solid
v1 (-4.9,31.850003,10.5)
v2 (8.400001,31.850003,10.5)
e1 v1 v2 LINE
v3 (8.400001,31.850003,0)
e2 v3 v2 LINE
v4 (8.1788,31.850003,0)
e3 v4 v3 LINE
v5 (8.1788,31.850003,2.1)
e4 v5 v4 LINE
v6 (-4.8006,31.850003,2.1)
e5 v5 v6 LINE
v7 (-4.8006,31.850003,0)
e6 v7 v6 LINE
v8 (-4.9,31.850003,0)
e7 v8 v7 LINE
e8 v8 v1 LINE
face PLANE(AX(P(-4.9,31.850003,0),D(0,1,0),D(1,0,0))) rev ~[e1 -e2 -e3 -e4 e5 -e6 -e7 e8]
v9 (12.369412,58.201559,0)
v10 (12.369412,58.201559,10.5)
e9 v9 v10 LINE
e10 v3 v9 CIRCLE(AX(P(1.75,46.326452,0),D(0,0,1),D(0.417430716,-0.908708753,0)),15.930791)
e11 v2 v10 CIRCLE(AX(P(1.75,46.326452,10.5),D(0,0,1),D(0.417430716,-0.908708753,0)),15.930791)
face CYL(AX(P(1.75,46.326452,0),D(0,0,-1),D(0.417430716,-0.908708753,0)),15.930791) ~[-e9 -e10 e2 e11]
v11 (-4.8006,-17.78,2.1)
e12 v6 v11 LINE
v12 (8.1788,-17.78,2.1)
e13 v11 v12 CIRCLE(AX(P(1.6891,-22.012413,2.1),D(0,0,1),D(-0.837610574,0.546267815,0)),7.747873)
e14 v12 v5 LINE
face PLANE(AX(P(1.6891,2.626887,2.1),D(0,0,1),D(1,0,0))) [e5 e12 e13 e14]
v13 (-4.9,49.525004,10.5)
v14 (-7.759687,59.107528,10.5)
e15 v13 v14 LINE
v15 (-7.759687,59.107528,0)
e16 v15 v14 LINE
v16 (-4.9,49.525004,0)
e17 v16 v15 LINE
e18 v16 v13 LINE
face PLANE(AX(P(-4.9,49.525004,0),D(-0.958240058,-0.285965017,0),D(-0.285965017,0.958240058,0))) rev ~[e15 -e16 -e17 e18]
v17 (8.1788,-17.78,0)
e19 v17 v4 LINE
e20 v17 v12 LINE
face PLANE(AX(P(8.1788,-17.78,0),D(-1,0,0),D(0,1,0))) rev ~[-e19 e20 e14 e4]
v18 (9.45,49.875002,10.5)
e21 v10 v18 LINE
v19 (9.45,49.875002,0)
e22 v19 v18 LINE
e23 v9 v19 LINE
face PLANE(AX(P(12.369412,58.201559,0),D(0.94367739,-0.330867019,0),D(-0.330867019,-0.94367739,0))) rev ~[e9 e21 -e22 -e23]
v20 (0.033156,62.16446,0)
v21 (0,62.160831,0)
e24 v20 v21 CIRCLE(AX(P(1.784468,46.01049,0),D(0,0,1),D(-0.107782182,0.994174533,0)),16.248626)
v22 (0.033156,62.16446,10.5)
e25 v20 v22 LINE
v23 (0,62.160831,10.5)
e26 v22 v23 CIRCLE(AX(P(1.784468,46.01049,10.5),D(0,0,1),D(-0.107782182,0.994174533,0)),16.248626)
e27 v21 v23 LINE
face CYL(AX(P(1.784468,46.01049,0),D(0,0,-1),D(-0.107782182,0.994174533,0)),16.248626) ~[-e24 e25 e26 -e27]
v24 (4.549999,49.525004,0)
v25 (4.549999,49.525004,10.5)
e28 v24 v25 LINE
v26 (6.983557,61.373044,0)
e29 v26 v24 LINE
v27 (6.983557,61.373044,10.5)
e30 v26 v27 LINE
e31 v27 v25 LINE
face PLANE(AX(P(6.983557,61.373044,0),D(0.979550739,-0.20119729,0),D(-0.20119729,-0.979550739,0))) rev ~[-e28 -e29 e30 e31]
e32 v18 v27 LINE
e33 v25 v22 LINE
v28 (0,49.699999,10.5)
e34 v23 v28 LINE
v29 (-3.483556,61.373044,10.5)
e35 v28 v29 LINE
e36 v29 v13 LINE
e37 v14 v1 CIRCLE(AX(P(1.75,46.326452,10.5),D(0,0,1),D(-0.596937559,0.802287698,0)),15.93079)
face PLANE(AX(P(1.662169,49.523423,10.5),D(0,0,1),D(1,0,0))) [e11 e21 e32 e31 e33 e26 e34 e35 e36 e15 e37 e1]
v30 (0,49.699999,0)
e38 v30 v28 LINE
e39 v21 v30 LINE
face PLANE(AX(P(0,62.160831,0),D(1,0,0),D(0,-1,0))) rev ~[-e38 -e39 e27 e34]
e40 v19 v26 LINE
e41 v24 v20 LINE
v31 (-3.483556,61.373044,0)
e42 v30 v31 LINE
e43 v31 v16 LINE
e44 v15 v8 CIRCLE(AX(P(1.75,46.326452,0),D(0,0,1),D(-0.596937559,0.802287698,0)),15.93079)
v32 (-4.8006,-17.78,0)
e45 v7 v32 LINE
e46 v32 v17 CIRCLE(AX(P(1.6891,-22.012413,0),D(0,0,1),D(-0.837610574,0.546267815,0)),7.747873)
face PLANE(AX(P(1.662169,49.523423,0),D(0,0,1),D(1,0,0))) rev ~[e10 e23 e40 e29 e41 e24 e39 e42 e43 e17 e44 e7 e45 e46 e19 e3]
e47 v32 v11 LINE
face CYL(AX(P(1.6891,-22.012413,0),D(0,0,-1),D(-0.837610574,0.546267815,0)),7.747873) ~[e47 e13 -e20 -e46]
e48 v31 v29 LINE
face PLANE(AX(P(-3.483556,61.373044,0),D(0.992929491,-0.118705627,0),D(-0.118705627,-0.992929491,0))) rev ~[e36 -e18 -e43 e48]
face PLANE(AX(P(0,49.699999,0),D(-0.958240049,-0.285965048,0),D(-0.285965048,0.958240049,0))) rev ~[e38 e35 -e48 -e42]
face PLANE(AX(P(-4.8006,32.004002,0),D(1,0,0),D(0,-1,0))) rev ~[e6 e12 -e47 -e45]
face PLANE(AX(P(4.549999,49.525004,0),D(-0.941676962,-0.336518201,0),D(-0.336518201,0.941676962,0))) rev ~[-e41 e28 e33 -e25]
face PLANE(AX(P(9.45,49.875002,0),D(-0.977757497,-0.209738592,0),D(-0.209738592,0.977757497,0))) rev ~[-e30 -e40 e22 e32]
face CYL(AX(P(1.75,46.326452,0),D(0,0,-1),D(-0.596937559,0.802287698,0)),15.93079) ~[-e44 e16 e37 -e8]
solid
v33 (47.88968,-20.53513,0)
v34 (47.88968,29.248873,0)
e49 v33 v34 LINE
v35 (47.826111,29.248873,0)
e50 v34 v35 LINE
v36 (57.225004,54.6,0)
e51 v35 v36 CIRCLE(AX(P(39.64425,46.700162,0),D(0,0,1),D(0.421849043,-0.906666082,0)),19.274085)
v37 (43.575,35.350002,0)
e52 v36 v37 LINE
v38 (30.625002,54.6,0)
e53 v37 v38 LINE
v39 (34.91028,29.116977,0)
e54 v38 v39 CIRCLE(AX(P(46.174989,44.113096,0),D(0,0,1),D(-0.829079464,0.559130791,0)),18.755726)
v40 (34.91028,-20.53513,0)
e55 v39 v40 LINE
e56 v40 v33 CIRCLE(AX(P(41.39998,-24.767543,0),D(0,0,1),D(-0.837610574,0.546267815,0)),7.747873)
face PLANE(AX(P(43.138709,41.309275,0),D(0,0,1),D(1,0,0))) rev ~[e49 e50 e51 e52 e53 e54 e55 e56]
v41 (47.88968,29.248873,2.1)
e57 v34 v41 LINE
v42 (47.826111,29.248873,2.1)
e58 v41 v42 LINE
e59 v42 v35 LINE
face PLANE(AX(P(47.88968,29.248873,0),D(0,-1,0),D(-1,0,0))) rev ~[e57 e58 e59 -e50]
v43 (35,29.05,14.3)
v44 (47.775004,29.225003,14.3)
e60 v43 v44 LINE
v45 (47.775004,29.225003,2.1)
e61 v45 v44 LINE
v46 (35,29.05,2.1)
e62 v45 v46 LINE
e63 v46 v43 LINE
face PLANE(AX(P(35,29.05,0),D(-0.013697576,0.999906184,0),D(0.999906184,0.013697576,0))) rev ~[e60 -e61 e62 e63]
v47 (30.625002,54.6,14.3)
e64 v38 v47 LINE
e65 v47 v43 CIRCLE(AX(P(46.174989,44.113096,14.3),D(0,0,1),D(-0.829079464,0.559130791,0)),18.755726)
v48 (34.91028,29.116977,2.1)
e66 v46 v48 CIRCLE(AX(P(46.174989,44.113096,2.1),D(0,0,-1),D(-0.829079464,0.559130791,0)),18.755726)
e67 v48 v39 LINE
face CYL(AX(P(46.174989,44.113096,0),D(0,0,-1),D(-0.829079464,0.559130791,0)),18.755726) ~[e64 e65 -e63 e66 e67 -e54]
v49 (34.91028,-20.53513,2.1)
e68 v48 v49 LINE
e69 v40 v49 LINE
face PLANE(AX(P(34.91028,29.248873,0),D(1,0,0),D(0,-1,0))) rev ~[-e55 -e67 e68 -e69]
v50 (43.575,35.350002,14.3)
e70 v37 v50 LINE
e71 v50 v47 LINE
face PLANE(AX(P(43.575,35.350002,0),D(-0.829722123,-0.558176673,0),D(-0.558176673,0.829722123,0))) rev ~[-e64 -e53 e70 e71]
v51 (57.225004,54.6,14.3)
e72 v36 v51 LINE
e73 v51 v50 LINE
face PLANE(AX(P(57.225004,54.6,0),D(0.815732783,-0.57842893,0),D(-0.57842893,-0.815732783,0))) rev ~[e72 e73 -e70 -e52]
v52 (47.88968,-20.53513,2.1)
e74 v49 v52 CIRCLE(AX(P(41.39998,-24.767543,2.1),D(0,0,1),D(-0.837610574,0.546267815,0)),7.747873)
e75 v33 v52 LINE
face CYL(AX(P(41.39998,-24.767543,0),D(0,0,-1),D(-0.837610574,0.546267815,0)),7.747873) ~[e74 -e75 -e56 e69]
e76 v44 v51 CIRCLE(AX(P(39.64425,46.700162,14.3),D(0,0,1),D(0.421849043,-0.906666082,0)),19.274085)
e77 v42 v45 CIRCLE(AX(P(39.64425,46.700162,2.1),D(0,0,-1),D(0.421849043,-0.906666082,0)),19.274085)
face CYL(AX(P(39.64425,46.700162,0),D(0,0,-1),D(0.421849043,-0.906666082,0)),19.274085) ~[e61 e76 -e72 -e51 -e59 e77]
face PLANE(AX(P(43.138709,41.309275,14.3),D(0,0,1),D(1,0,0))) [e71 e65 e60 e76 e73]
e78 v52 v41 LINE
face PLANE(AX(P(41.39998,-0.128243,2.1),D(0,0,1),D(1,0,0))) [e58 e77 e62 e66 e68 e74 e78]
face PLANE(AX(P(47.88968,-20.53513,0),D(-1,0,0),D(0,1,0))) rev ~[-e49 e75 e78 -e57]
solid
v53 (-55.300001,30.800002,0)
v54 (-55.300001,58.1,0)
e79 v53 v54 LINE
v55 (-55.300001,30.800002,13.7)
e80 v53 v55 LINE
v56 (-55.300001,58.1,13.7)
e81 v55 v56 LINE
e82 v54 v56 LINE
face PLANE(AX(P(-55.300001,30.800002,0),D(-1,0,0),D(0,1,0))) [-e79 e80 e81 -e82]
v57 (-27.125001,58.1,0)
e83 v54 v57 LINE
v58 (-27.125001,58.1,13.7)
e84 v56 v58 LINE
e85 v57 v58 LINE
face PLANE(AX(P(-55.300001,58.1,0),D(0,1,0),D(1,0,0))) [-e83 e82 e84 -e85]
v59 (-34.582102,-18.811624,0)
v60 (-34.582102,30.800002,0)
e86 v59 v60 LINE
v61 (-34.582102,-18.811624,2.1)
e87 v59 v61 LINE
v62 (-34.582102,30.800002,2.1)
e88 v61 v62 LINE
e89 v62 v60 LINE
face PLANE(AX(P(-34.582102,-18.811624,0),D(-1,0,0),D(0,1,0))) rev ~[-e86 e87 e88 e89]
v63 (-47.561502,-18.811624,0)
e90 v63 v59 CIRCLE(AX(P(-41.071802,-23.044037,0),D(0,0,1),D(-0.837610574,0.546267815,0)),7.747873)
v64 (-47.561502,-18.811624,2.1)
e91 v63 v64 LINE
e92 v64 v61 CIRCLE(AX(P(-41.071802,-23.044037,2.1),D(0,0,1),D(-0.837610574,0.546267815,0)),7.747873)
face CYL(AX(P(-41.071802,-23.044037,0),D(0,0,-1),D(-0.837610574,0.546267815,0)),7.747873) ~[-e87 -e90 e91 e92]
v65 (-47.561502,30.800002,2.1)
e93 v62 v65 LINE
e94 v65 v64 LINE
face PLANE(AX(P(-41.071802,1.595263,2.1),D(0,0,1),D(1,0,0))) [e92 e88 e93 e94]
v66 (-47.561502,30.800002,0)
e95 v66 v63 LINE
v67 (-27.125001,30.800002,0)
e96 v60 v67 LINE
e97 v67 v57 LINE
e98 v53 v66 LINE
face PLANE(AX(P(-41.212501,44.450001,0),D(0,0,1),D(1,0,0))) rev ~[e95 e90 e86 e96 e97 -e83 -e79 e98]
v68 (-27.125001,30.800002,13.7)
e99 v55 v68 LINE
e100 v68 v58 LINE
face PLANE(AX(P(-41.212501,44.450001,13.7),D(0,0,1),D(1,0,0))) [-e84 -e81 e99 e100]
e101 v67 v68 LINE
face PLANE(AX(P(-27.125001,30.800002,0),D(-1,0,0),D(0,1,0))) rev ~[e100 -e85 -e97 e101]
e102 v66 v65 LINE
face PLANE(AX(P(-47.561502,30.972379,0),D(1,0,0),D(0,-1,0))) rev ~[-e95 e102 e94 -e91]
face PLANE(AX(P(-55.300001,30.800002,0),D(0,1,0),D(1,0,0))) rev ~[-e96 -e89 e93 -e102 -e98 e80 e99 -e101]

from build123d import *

# Parameters (mm, degrees)
F1_DEPTH  = 2.1
F3_DEPTH  = 2.1
F7_DEPTH  = 10.5
F6_W      = 28.175
F6_H      = 27.299998
F8_DEPTH  = 13.7
F9_DEPTH  = 2.1
F11_DEPTH = 14.3


with BuildPart() as f1:
    # F0 (on Top) → F1 (new body)
    with BuildSketch(Plane.XY):
        with BuildLine():
            Line((-4.8006, 32.004002), (-4.8006, -17.78))
            ThreePointArc((-4.8006, -17.78), (1.6891, -29.760286), (8.1788, -17.78))
            Line((8.1788, -17.78), (8.1788, 32.004002))
            Line((8.1788, 32.004002), (-4.8006, 32.004002))
        make_face()
    extrude(amount=F1_DEPTH)

    # F5 (on Top) → F7 (join)
    with BuildSketch(Plane.XY):
        with BuildLine():
            Line((-4.9, 31.850003), (8.400001, 31.850003))
            ThreePointArc((8.400001, 31.850003), (17.503072, 43.953521), (12.369412, 58.201559))
            Line((12.369412, 58.201559), (9.45, 49.875002))
            Line((9.45, 49.875002), (6.983557, 61.373044))
            Line((6.983557, 61.373044), (4.549999, 49.525004))
            Line((4.549999, 49.525004), (0.033156, 62.16446))
            ThreePointArc((0.033156, 62.16446), (0.016577, 62.162654), (0, 62.160831))
            Line((0, 62.160831), (0, 49.699999))
            Line((0, 49.699999), (-3.483556, 61.373044))
            Line((-3.483556, 61.373044), (-4.9, 49.525004))
            Line((-4.9, 49.525004), (-7.759687, 59.107528))
            ThreePointArc((-7.759687, 59.107528), (-14.093833, 44.664217), (-4.9, 31.850003))
        make_face()
    extrude(amount=F7_DEPTH)


with BuildPart() as f3:
    # F2 (on Top) → F3 (new body)
    with BuildSketch(Plane.XY):
        with BuildLine():
            Line((-47.561502, 30.972379), (-47.561502, -18.811624))
            ThreePointArc((-47.561502, -18.811624), (-41.071802, -30.79191), (-34.582102, -18.811624))
            Line((-34.582102, -18.811624), (-34.582102, 30.972379))
            Line((-34.582102, 30.972379), (-47.561502, 30.972379))
        make_face()
    extrude(amount=F3_DEPTH)

    # F6 (on Top) → F8 (join)
    with BuildSketch(Plane.XY):
        with Locations((-41.212501, 44.450001)):
            Rectangle(F6_W, F6_H)
    extrude(amount=F8_DEPTH)


with BuildPart() as f9:
    # F4 (on Top) → F9 (new body)
    with BuildSketch(Plane.XY):
        with BuildLine():
            Line((34.91028, 29.248873), (34.91028, -20.53513))
            ThreePointArc((34.91028, -20.53513), (41.39998, -32.515416), (47.88968, -20.53513))
            Line((47.88968, -20.53513), (47.88968, 29.248873))
            Line((47.88968, 29.248873), (34.91028, 29.248873))
        make_face()
    extrude(amount=F9_DEPTH)

    # F10 (on Top) → F11 (join)
    with BuildSketch(Plane.XY):
        with BuildLine():
            Line((43.575, 35.350002), (30.625002, 54.6))
            ThreePointArc((30.625002, 54.6), (27.688326, 40.947573), (35, 29.05))
            Line((35, 29.05), (47.775004, 29.225003))
            ThreePointArc((47.775004, 29.225003), (57.706449, 39.97355), (57.225004, 54.6))
            Line((57.225004, 54.6), (43.575, 35.350002))
        make_face()
    extrude(amount=F11_DEPTH)


solid = Compound([f1.part, f3.part, f9.part])
